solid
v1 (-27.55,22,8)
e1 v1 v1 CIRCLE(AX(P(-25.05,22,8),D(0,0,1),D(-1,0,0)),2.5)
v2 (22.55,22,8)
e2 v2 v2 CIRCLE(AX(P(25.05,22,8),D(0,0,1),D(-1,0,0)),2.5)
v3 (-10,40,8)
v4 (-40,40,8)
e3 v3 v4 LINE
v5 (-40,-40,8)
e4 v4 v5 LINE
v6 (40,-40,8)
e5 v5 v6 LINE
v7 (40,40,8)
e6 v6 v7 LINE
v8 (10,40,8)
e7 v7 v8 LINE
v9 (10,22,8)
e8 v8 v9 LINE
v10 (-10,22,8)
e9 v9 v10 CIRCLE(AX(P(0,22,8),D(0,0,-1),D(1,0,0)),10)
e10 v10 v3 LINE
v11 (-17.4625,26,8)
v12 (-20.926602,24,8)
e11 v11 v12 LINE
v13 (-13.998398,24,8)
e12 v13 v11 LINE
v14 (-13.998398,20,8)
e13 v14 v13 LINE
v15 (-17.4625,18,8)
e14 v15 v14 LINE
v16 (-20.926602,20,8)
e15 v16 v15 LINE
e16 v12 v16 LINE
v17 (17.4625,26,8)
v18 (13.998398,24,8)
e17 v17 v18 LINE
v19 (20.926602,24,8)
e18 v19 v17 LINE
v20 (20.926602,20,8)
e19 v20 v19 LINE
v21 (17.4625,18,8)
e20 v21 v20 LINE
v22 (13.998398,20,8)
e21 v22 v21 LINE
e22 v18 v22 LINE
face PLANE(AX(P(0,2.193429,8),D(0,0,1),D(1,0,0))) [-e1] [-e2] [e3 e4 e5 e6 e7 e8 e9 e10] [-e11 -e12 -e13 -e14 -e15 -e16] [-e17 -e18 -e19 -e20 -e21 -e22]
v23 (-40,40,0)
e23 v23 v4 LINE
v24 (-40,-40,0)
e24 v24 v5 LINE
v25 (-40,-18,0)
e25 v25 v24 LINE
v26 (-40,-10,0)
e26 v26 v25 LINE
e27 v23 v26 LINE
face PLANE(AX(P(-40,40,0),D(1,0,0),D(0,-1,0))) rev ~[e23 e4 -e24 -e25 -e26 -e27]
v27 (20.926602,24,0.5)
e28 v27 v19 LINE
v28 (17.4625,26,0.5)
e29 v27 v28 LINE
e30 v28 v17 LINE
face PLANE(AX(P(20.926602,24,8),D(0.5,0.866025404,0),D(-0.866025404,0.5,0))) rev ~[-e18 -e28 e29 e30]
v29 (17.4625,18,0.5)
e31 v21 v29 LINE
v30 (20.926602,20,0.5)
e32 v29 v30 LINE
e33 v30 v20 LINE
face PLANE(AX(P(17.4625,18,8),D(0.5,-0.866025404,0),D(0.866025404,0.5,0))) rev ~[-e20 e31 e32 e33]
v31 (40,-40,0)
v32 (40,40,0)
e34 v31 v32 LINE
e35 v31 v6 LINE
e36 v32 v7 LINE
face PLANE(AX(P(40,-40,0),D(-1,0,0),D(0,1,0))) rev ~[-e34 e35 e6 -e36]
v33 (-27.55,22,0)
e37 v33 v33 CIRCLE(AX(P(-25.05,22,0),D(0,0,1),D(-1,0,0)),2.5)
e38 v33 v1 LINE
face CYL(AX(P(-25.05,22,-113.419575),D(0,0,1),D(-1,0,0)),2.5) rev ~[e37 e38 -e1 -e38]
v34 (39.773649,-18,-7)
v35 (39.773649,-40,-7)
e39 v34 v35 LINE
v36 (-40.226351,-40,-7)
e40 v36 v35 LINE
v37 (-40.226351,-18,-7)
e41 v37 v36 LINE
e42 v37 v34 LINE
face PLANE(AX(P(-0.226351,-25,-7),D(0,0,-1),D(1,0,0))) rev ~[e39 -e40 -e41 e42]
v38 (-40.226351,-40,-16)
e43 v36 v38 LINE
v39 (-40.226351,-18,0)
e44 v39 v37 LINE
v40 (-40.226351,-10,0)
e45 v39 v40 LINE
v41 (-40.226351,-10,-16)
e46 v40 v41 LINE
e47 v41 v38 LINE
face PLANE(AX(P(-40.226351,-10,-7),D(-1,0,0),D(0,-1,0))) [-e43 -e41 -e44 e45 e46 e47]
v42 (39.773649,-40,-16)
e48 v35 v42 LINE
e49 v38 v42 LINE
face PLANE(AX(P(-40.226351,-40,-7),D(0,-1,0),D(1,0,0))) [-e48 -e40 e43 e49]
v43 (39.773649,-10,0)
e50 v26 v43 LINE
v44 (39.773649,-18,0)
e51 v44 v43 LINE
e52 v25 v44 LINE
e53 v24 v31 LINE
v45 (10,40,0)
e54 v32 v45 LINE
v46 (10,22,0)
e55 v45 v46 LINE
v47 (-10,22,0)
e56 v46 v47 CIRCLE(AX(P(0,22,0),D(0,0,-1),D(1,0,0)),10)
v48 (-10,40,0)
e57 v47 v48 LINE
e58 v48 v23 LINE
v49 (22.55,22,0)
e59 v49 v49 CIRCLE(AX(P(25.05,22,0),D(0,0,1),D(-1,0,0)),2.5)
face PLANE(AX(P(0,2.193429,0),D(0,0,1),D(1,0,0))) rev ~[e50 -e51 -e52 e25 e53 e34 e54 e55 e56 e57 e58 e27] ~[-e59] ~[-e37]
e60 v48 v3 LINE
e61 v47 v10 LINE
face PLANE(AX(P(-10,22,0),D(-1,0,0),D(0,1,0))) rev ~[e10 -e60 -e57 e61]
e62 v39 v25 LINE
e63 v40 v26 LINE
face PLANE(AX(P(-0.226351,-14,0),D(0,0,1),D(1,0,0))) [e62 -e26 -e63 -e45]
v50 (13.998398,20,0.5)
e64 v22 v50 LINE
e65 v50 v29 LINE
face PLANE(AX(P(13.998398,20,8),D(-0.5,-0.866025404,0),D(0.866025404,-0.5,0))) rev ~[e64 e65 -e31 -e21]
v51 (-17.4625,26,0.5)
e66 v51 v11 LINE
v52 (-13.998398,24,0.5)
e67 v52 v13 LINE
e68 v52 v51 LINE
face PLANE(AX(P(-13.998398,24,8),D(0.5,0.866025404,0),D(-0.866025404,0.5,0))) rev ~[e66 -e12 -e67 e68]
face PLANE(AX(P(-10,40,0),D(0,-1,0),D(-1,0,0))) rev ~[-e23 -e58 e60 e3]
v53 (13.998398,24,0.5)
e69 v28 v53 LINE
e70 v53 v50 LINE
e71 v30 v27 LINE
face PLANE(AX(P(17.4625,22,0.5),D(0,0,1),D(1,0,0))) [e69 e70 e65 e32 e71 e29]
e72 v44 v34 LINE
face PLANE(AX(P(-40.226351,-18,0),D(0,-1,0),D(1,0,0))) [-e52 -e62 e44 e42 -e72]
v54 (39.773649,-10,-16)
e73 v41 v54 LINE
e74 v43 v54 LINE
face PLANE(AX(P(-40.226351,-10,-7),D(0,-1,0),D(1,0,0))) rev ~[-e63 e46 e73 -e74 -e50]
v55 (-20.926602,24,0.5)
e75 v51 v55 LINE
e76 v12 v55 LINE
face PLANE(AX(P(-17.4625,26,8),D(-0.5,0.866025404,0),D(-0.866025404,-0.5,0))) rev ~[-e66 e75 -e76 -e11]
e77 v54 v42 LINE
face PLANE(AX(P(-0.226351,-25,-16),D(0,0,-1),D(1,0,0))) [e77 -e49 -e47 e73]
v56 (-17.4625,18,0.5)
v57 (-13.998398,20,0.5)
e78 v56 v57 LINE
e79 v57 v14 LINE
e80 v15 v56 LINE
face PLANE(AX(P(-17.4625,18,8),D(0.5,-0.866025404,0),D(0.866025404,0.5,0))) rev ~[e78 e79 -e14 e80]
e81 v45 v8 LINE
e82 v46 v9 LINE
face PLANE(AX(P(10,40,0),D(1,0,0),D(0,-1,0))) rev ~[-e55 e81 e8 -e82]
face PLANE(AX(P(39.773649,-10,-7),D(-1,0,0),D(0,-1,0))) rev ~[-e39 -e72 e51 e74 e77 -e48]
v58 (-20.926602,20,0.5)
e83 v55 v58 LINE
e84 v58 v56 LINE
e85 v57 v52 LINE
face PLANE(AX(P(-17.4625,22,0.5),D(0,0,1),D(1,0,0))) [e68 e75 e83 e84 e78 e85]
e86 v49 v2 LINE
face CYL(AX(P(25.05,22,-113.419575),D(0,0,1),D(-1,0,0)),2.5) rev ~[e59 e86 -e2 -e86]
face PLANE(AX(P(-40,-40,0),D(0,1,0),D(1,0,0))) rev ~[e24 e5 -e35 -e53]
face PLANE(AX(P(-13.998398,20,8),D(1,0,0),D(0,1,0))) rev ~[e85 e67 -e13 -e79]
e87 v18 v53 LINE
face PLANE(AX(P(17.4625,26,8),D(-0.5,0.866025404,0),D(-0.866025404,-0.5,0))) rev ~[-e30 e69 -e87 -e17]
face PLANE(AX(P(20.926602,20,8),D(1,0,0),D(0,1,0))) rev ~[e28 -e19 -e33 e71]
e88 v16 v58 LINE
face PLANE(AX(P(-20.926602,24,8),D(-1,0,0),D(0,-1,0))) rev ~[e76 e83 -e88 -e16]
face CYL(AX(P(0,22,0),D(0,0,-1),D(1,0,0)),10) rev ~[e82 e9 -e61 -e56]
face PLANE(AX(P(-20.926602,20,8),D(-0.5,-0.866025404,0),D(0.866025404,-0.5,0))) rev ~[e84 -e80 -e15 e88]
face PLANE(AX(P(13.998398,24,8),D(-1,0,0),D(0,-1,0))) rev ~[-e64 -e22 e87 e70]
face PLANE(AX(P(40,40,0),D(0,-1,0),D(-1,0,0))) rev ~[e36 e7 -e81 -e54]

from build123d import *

# Parameters (mm, degrees)
F1_DEPTH  = 8
F2_D      = 5
F3_D      = 5
F5_DEPTH  = 7.5
F7_W      = 80
F7_H      = 8
F8_DEPTH  = 7
F9_W      = 80
F9_H      = 30
F10_DEPTH = 9


with BuildPart() as f1:
    # F0 (on Top) → F1 (new body)
    with BuildSketch(Plane.XY):
        with BuildLine():
            Line((40, -40), (40, 40))
            Line((40, 40), (10, 40))
            Line((10, 40), (10, 22))
            ThreePointArc((10, 22), (0, 12), (-10, 22))
            Line((-10, 22), (-10, 40))
            Line((-10, 40), (-40, 40))
            Line((-40, 40), (-40, -40))
            Line((-40, -40), (40, -40))
        make_face()
    extrude(amount=F1_DEPTH)

    # F2 (through all)
    with Locations(Plane(origin=(0, 0, 0), x_dir=(1, 0, 0), z_dir=(0, 0, -1))):
        with Locations((25.05, -22)):
            Hole(F2_D / 2)

    # F3 (through all)
    with Locations(Plane(origin=(0, 0, 0), x_dir=(1, 0, 0), z_dir=(0, 0, -1))):
        with Locations((-25.05, -22)):
            Hole(F3_D / 2)


with BuildPart() as f5:
    # F4 (on face) → F5 (new body, symmetric)
    with BuildSketch(Plane.XY.offset(8)):
        Polygon((-17.4625, 18), (-13.9983983849, 20), (-13.9983983849, 24), (-17.4625, 26), (-20.9266016151, 24), (-20.9266016151, 20), align=None)
    extrude(amount=F5_DEPTH, both=True)


with BuildPart() as f5b:
    # F4 (on face) → F5, piece 2 (new body, symmetric)
    with BuildSketch(Plane.XY.offset(8)):
        Polygon((17.4625, 18), (20.9266016151, 20), (20.9266016151, 24), (17.4625, 26), (13.9983983849, 24), (13.9983983849, 20), align=None)
    extrude(amount=F5_DEPTH, both=True)


with BuildPart() as f1_1:
    add(f1.part)

    # F6: cut F5, F5b
    add(f5.part, mode=Mode.SUBTRACT)
    add(f5b.part, mode=Mode.SUBTRACT)

    # F7 (on face) → F8 (join)
    with BuildSketch(Plane.XY):
        with Locations((-0.2263514698, -14)):
            Rectangle(F7_W, F7_H)
    extrude(amount=-F8_DEPTH)

    # F9 (on face) → F10 (join)
    with BuildSketch(Plane(origin=(0, 0, -7), x_dir=(1, 0, 0), z_dir=(0, 0, -1))):
        with Locations((-0.2263514698, 25)):
            Rectangle(F9_W, F9_H)
    extrude(amount=F10_DEPTH)


solid = f1_1.part
